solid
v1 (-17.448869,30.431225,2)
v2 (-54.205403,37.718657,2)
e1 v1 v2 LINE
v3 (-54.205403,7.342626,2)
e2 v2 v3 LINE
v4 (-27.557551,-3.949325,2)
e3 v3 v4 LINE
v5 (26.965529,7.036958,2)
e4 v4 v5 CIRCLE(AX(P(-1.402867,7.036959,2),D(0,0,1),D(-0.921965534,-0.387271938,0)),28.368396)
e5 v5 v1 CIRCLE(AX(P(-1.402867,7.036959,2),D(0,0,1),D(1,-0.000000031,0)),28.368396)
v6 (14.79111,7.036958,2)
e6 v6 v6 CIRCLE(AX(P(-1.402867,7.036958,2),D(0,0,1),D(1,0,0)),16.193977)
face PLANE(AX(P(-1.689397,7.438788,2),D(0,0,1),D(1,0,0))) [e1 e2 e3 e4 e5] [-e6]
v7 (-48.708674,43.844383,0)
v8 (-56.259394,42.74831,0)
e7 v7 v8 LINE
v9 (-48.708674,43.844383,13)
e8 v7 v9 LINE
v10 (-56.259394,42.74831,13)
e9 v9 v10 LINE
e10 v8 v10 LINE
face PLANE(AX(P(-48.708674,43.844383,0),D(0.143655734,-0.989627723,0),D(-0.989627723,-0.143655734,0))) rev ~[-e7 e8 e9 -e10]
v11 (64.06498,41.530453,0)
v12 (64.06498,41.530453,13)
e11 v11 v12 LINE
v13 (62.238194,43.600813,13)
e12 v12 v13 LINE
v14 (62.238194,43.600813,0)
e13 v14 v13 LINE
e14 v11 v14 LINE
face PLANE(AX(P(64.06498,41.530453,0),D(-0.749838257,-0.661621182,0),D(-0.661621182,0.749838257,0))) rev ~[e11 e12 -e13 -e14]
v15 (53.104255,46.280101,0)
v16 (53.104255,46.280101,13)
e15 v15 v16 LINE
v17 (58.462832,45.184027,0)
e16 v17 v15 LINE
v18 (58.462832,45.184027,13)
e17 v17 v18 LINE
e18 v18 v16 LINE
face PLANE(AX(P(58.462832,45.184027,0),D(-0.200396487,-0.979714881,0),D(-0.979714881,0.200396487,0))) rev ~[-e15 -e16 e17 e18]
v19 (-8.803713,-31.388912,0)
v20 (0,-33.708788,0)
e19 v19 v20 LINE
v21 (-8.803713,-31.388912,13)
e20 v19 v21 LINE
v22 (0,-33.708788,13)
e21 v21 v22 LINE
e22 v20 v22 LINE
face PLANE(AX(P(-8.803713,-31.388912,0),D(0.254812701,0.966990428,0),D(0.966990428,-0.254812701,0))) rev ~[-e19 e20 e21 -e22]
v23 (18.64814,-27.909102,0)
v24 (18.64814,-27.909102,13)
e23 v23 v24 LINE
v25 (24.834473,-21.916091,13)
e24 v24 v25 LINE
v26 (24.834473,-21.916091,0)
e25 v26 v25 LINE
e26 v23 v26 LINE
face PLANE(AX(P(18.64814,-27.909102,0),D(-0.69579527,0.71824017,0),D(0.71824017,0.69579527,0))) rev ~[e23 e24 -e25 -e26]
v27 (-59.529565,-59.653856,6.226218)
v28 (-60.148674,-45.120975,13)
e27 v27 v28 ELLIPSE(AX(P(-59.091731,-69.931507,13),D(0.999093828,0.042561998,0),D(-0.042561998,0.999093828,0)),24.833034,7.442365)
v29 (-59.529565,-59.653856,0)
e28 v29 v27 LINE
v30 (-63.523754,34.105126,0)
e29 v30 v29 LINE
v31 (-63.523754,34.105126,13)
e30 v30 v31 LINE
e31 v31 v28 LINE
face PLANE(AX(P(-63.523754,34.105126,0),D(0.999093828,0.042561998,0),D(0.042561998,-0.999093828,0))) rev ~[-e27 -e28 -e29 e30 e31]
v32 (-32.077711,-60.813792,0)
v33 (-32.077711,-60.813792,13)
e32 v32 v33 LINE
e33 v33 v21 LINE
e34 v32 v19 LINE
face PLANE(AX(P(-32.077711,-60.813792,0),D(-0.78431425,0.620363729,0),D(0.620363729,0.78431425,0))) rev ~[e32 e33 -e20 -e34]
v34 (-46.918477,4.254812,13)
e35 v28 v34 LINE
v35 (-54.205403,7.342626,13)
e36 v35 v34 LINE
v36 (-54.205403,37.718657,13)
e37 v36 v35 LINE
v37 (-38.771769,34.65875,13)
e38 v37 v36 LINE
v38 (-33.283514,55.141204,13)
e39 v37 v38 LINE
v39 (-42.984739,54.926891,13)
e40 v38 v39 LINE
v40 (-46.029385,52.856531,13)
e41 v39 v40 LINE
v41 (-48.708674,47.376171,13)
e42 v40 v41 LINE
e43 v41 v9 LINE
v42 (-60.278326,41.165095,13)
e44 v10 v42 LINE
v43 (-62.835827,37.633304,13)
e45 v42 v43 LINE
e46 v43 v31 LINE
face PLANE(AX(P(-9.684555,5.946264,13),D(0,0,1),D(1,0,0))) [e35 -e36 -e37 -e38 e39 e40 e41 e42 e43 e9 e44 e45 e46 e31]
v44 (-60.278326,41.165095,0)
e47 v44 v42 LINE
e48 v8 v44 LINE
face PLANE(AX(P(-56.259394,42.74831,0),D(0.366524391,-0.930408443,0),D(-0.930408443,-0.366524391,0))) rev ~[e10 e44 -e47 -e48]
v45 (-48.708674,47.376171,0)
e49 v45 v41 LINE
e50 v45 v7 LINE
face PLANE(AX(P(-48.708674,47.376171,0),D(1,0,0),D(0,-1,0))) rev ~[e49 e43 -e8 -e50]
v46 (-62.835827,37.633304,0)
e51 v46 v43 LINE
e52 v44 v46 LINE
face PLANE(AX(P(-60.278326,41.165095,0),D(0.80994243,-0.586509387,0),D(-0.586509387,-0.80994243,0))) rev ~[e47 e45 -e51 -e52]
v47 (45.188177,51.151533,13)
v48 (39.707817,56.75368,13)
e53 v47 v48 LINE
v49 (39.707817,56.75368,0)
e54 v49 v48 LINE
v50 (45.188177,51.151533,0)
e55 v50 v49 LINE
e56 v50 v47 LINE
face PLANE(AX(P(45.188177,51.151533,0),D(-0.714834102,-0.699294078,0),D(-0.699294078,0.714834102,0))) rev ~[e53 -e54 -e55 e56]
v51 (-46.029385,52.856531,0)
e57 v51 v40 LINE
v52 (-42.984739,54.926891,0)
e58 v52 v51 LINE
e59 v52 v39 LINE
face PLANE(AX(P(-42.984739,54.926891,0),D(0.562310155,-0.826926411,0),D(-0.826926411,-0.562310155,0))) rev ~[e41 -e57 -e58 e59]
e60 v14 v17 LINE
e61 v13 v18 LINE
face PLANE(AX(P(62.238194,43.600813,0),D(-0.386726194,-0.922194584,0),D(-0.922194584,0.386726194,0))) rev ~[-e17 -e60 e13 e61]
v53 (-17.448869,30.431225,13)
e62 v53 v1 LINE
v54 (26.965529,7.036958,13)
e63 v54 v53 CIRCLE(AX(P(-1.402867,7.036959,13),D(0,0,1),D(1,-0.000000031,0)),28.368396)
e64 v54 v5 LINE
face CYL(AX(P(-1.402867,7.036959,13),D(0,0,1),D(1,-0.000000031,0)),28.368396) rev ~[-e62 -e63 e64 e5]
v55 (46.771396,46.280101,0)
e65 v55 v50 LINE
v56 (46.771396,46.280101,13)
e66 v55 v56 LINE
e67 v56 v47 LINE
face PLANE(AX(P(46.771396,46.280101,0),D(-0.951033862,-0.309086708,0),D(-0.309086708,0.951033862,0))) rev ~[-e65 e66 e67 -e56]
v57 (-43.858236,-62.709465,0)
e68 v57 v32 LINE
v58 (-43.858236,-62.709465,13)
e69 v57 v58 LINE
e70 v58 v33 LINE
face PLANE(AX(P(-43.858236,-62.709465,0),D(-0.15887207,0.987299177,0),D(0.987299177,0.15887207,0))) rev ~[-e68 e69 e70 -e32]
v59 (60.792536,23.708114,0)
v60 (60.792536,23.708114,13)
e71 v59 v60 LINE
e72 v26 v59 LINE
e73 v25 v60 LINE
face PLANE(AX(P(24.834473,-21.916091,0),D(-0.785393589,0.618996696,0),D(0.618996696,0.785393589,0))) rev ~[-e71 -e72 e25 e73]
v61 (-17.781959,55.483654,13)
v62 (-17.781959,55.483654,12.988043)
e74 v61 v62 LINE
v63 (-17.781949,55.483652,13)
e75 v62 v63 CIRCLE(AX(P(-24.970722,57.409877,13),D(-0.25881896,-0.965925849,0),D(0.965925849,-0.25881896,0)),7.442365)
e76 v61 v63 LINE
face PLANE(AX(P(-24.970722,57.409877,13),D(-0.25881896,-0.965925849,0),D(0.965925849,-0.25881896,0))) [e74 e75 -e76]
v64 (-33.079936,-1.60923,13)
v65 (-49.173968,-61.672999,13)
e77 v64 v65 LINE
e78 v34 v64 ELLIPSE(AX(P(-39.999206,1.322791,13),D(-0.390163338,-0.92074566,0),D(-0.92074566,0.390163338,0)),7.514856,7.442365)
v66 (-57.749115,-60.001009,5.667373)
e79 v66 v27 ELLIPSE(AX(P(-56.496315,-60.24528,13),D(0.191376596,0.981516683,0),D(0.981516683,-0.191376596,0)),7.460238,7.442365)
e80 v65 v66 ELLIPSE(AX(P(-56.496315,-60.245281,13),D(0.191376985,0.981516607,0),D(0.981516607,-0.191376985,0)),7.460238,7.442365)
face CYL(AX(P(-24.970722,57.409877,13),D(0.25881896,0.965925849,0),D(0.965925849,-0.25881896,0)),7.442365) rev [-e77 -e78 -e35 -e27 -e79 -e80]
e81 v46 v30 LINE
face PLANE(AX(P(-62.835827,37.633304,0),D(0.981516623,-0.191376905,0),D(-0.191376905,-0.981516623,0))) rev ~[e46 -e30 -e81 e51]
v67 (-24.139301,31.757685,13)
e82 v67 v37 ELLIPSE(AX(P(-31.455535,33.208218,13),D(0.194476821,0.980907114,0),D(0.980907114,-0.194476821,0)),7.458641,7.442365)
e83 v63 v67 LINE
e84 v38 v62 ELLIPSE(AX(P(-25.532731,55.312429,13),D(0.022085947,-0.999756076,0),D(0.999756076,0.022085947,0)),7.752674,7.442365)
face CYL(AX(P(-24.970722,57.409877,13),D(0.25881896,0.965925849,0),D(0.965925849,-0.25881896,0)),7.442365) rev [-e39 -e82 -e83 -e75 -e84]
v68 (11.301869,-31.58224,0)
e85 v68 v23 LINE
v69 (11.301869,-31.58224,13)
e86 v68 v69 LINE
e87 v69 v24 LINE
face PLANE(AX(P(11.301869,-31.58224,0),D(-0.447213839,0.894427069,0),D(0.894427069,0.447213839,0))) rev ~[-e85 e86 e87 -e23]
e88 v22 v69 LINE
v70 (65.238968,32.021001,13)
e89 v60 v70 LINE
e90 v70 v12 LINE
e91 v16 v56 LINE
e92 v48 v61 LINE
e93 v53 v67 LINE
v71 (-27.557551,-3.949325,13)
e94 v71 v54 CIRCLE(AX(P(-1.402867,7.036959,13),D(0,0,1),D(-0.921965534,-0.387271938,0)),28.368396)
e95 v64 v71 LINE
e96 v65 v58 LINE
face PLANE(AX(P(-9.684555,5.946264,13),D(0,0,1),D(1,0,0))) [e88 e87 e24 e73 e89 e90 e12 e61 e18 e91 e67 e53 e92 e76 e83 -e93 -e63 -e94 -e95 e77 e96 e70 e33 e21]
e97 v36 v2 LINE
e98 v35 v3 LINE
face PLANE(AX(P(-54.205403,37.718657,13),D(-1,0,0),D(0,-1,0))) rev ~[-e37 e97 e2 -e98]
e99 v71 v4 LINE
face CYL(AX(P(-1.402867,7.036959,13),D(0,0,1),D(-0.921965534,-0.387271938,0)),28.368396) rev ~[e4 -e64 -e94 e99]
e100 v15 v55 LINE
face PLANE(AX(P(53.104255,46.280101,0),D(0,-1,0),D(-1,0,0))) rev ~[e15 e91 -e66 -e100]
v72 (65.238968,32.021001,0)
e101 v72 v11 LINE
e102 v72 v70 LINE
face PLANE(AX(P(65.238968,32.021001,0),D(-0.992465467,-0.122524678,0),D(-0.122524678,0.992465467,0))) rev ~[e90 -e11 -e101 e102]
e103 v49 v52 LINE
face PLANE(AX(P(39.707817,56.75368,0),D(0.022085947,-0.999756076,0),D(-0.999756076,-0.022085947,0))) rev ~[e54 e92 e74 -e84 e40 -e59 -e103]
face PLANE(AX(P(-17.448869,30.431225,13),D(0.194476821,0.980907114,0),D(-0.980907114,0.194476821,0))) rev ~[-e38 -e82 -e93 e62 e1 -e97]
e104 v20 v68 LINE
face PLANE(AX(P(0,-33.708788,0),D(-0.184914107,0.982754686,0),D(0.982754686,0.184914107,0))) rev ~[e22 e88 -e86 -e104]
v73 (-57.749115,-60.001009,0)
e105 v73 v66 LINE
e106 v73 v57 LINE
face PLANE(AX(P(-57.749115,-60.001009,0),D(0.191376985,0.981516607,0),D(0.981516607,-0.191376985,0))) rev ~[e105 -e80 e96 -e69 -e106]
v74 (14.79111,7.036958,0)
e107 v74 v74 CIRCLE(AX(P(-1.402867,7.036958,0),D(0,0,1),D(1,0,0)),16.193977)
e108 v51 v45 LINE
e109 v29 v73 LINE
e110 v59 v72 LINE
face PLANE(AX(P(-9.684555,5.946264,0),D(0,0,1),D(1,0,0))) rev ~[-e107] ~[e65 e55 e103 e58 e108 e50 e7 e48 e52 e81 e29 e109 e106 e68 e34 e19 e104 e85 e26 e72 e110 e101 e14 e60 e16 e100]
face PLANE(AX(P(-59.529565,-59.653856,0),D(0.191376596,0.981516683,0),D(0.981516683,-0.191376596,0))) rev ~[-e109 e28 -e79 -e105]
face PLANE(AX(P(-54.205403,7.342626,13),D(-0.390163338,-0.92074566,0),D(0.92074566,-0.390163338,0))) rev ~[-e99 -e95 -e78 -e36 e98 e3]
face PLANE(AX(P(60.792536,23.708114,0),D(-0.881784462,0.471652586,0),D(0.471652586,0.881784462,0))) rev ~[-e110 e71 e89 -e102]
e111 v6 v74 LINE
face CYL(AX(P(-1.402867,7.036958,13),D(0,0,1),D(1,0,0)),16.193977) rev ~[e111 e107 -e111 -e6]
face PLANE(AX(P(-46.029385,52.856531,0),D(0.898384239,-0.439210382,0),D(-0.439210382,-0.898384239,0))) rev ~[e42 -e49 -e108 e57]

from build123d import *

# Parameters (mm, degrees)
F1_DEPTH  = 13
F2_R      = 16.193977
F3_DEPTH  = 13
F4_DEPTH  = 11
F9_R      = 7.442365
F10_DEPTH = 126.005636


with BuildPart() as f1:
    # F0 (on Top) → F1 (new body)
    with BuildSketch(Plane.XY):
        Polygon((-32.077711, -60.813792), (-8.803713, -31.388912), (0, -33.708788), (11.301869, -31.58224), (18.64814, -27.909102), (24.834473, -21.916091), (60.792536, 23.708114), (65.238968, 32.021001), (64.06498, 41.530453), (62.238194, 43.600813), (58.462832, 45.184027), (53.104255, 46.280101), (46.771396, 46.280101), (45.188177, 51.151533), (39.707817, 56.75368), (-42.984739, 54.926891), (-46.029385, 52.856531), (-48.708674, 47.376171), (-48.708674, 43.844383), (-56.259394, 42.74831), (-60.278326, 41.165095), (-62.835827, 37.633304), (-63.523754, 34.105126), (-59.529565, -59.653856), (-57.749115, -60.001009), (-43.858236, -62.709465), align=None)
    extrude(amount=F1_DEPTH)

    # F2 (on face) → F3 (cut, through all)
    with BuildSketch(Plane.XY.offset(13)):
        with Locations((-1.402867, 7.036958)):
            Circle(F2_R)
    extrude(amount=-F3_DEPTH, mode=Mode.SUBTRACT)

    # F2 (on face) → F4 (cut)
    with BuildSketch(Plane.XY.offset(13)):
        with BuildLine():
            ThreePointArc((-27.557551, -3.949325), (4.20068, -20.772503), (26.965529, 7.036958))
            ThreePointArc((26.965529, 7.036958), (11.817696, 32.136413), (-17.448869, 30.431225))
            ThreePointArc((-17.448869, 30.431225), (-28.619223, 15.0392), (-27.557551, -3.949325))
        make_face()
        with Locations((-1.402867, 7.036958)):
            Circle(F2_R, mode=Mode.SUBTRACT)
        with BuildLine():
            ThreePointArc((-27.557551, -3.949325), (-28.619223, 15.0392), (-17.448869, 30.431225))
            Line((-17.448869, 30.431225), (-54.205403, 37.718657))
            Line((-54.205403, 37.718657), (-54.205403, 7.342626))
            Line((-54.205403, 7.342626), (-27.557551, -3.949325))
        make_face()
    extrude(amount=-F4_DEPTH, mode=Mode.SUBTRACT)

    # F9 (on face) → F10 (cut, through all)
    with BuildSketch(Plane(origin=(12.679749, 47.321467, 0), x_dir=(0.965926, -0.258819, 0), z_dir=(-0.258819, -0.965926, 0))):
        with Locations((-38.978635, 13)):
            Circle(F9_R)
    extrude(amount=F10_DEPTH, mode=Mode.SUBTRACT)


solid = f1.part
